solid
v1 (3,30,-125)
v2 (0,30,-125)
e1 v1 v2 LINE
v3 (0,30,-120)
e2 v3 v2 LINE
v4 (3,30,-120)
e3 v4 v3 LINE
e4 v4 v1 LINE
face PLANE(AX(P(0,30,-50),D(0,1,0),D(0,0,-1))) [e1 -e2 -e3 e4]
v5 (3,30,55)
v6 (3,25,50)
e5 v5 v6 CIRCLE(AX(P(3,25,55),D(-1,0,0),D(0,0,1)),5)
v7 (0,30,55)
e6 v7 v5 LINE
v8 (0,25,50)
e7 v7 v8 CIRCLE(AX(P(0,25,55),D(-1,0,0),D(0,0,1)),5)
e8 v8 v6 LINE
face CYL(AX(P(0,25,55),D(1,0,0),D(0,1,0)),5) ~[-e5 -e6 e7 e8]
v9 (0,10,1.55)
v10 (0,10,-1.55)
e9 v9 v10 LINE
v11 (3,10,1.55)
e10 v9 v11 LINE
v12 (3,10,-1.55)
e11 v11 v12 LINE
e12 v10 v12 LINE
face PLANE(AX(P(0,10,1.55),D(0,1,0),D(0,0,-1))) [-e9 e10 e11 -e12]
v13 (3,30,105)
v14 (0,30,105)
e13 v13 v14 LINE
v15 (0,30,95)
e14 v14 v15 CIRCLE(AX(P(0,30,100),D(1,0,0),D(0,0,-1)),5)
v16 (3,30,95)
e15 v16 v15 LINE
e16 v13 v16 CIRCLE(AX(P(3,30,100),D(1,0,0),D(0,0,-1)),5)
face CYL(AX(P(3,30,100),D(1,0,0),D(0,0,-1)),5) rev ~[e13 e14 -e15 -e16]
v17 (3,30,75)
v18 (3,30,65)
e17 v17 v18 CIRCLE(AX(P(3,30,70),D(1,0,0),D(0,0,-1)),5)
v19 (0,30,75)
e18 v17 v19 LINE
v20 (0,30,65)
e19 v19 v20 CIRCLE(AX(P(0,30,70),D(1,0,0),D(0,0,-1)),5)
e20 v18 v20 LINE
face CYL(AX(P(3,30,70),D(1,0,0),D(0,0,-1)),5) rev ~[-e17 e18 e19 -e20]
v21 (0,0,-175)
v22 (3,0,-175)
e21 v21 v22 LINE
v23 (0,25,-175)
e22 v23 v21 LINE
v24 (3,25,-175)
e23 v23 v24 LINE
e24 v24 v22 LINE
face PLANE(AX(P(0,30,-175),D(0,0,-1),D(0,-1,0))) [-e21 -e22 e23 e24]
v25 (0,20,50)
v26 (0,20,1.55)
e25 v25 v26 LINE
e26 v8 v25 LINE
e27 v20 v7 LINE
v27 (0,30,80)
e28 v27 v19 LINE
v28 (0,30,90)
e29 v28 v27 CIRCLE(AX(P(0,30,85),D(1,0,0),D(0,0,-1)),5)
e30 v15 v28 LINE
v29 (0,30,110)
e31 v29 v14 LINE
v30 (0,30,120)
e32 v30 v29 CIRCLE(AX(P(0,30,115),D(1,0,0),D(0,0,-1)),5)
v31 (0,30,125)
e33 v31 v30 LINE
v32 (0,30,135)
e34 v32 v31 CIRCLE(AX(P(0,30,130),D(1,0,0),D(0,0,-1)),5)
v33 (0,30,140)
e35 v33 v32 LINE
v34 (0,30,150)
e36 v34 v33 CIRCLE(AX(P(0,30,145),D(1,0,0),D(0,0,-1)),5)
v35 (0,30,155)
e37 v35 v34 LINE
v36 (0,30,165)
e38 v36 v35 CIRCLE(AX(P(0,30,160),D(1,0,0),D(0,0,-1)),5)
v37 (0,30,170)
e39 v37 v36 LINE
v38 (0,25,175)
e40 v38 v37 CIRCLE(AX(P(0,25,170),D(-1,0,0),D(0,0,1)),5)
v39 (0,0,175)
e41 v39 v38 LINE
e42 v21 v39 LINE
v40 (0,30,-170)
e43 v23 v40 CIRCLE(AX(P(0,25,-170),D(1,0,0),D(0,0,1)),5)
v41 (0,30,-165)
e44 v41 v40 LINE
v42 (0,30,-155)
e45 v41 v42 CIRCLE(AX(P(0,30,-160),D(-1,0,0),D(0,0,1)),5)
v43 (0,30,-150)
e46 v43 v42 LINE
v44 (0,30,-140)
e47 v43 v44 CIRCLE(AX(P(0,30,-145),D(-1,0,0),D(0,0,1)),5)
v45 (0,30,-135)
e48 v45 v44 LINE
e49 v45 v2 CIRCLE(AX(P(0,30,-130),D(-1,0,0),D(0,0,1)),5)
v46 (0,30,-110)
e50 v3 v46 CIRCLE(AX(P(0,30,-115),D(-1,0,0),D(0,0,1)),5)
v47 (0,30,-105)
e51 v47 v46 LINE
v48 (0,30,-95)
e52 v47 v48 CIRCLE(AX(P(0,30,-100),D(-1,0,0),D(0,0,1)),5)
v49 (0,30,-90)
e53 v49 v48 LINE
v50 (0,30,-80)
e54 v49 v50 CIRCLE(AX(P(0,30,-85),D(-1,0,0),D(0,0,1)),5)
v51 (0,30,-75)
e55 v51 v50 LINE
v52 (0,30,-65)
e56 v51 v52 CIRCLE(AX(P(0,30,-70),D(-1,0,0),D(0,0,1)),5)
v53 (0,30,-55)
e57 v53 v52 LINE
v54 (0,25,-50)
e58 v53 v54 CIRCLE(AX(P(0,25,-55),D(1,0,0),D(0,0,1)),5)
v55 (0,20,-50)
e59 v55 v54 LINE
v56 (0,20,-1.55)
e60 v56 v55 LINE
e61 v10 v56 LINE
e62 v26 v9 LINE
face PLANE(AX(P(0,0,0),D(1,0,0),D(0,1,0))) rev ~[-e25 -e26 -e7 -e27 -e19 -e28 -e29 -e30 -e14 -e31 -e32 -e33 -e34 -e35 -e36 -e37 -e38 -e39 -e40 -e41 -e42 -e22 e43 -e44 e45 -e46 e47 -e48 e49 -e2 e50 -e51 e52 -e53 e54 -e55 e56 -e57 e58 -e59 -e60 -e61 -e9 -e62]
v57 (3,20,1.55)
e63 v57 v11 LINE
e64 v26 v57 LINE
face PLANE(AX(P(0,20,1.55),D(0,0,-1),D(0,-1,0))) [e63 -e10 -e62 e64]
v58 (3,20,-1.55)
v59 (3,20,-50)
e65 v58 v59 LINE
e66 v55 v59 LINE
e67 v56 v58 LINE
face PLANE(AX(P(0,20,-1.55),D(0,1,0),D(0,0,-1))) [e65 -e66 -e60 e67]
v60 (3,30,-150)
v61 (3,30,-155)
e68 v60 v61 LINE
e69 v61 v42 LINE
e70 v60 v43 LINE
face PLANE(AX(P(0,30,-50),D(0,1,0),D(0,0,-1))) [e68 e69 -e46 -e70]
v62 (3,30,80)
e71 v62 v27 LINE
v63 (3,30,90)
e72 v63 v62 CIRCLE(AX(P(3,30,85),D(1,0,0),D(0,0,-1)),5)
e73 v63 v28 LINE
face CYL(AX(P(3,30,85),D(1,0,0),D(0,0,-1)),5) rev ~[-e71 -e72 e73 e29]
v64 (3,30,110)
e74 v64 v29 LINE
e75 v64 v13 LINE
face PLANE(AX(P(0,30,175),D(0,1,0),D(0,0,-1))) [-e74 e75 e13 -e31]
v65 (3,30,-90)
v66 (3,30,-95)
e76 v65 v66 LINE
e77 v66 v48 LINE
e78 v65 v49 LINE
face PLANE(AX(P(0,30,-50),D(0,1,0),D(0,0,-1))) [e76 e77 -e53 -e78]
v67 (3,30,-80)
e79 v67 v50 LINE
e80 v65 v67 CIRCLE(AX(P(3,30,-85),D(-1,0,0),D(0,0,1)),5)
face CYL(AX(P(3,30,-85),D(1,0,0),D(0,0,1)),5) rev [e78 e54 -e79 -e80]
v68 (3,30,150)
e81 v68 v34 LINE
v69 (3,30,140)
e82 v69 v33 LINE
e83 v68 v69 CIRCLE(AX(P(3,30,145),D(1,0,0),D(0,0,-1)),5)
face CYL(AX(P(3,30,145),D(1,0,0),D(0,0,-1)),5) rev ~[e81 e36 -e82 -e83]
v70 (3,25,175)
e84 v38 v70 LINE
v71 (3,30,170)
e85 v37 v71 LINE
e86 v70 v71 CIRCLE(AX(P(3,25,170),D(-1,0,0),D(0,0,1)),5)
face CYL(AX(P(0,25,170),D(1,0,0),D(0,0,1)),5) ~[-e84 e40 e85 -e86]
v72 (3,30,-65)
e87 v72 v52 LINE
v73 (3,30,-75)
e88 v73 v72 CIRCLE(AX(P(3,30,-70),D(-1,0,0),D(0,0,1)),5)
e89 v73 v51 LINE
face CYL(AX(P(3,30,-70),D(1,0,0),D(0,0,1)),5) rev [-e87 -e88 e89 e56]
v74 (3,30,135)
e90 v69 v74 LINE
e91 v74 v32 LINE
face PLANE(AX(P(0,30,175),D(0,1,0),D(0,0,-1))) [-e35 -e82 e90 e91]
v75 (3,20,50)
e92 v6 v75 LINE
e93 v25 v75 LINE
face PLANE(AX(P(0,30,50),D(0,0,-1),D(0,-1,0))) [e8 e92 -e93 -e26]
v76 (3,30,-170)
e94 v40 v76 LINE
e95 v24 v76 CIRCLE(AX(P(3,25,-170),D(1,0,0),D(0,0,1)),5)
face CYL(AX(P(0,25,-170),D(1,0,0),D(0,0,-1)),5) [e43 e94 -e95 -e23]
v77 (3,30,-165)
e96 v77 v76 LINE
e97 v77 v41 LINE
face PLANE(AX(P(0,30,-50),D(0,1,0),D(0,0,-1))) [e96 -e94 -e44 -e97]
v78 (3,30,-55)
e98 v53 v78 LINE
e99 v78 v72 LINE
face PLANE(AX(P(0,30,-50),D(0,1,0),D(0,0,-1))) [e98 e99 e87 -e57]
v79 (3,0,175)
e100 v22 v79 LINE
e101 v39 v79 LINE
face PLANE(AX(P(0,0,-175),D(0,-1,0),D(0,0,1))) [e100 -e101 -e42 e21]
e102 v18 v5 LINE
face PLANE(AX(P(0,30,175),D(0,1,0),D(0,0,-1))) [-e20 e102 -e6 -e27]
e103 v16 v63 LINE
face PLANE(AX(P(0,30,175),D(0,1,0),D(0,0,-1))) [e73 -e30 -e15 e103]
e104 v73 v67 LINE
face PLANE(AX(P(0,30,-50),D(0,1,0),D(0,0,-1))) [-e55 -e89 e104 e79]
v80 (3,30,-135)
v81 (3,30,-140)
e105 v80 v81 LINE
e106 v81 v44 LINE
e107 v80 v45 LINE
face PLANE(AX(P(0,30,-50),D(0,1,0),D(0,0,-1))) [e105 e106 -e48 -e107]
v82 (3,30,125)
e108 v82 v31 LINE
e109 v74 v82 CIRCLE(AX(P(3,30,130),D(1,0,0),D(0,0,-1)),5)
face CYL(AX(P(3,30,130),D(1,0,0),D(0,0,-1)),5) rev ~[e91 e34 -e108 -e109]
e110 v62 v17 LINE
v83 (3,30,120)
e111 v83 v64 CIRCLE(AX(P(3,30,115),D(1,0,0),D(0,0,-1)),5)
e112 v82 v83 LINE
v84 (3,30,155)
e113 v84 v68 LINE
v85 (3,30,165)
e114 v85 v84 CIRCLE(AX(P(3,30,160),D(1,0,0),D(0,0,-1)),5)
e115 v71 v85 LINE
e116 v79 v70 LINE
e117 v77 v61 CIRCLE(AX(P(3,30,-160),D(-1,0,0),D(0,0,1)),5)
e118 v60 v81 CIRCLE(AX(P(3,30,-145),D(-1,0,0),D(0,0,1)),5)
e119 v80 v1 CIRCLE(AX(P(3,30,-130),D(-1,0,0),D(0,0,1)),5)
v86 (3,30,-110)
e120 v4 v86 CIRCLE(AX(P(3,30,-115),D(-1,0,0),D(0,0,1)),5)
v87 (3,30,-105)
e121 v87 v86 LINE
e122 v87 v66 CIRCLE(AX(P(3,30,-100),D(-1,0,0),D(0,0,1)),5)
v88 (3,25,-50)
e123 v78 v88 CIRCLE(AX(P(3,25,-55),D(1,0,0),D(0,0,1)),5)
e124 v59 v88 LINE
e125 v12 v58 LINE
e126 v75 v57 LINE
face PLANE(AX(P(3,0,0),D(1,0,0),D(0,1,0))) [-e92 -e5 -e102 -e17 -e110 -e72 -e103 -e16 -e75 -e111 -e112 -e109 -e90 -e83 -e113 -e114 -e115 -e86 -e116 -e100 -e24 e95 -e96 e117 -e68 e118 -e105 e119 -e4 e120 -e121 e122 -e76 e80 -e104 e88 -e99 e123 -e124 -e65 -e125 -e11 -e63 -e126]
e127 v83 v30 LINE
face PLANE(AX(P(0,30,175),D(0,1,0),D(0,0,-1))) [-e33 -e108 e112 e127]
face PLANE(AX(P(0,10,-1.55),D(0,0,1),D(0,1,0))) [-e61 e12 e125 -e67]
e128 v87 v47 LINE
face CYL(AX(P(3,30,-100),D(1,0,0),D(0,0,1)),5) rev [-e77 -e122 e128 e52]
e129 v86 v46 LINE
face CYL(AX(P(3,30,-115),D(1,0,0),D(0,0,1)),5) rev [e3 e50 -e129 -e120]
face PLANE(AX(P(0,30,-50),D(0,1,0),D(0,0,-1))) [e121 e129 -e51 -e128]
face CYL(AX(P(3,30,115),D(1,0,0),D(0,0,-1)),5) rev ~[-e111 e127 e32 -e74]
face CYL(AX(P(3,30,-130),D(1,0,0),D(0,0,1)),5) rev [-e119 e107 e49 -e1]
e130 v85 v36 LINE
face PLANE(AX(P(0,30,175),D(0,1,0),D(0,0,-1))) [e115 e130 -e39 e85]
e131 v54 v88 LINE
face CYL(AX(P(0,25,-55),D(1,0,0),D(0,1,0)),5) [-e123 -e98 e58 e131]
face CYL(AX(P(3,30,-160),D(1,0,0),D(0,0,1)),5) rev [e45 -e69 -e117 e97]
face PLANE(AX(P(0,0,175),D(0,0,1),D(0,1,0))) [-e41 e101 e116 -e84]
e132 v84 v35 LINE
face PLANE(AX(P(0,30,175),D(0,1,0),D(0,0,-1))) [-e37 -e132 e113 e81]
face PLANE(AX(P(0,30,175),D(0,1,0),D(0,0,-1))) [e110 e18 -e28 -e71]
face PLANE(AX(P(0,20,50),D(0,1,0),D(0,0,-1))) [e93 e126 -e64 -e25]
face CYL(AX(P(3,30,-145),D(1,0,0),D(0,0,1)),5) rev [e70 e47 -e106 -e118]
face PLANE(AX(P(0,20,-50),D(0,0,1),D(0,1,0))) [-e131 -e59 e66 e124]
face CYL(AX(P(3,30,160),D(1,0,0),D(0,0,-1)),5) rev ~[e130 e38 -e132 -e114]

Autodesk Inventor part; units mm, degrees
ref_plane "YZ Plane" through (0, 0, 0) normal (1, 0, 0) x (0, 1, 0)
ref_plane "XZ Plane" through (0, 0, 0) normal (0, 1, 0) x (-1, 0, 0)
ref_plane "XY Plane" through (0, 0, 0) normal (0, 0, 1) x (1, 0, 0)
sketch "Sketch1" plane through (0, 0, 0) normal (1, 0, 0) x (0, 1, 0)
  line L0 (0, 175) -> (30, 175)
  line L1 (30, 175) -> (30, -175)
  line L2 (30, -175) -> (0, -175)
  line L3 (0, -175) -> (0, 175)
  line L4 (40, 50) -> (20, 50)
  line L5 (20, 50) -> (20, -50)
  line L6 (20, -50) -> (40, -50)
  line L7 (40, -3.1) -> (40, 50)
  line L8 (40, 50) -> (20, -50) construction
  line L9 (20, 50) -> (40, -50) construction
  line L10 (30, 1.55) -> (10, 1.55)
  line L11 (10, 1.55) -> (10, -1.55)
  line L12 (30, -1.55) -> (30, 1.55)
  line L13 (30, 1.55) -> (10, -1.55) construction
  line L14 (10, 1.55) -> (30, -1.55) construction
  line L15 (10, -1.55) -> (20, -1.55)
  line L16 (29.69, -1.55) -> (30, -1.55)
  point P0 (0, 0)
  point P1 (0, 0)
  point P2 (30, 0)
  point P3 (20, 0)
  point P4 (30, -50)
  point P5 (20, 1.55)
  point P6 (30, 50)
  dimension "d0" = 30
  dimension "d1" = 350
  dimension "d2" = 0
  dimension "d3" = 100
  dimension "d4" = 20
  dimension "d5" = 20
  dimension "d6" = 3.1
extrude "Extrusion1" add sketch "Sketch1" along normal blind 3 contours L0 L1 L4 L5 L10 L11 L15 L6 L2 L3
sketch "Sketch2" plane through (3, 0, 0) normal (1, 0, 0) x (0, 0, -1)
  line L0 (-50, 30) -> (-175, 30) projected
  circle A0 centre (-160, 30) radius 5
  circle A1 centre (-145, 30) radius 5
  circle A2 centre (-130, 30) radius 5
  circle A3 centre (-115, 30) radius 5
  circle A4 centre (-100, 30) radius 5
  circle A5 centre (-85, 30) radius 5
  circle A6 centre (-70, 30) radius 5
  line L1 (-175, 30) -> (-175, 0) projected
  line L2 (-50, 30) -> (-175, 30) projected
  point P0 (0, 0)
  point P1 (-75, 30)
  point P2 (-65, 30)
  point P3 (-90, 30)
  point P4 (-80, 30)
  point P5 (-105, 30)
  point P6 (-95, 30)
  point P7 (-120, 30)
  point P8 (-110, 30)
  point P9 (-135, 30)
  point P10 (-125, 30)
  point P11 (-150, 30)
  point P12 (-140, 30)
  point P13 (-165, 30)
  point P14 (-155, 30)
  dimension "d9" = 10
  dimension "d10" = 10
  dimension "d11" = 10
  dimension "d12" = 10
  dimension "d13" = 10
  dimension "d14" = 10
  dimension "d15" = 10
  dimension "d16" = 15
  dimension "d17" = 15
  dimension "d18" = 15
  dimension "d19" = 15
  dimension "d20" = 15
  dimension "d21" = 15
  dimension "d22" = 15
extrude "Extrusion2" cut sketch "Sketch2" against normal blind 3 contours A6 L0 | A0 L0 | A1 L0 | A2 L0 | A3 L0 | A4 L0 | A5 L0 picked at (-68.8623, 27.8538) picked at (-161.4384, 28.1203) picked at (-146.4384, 28.1203) picked at (-131.2475, 28.8948) picked at (-113.8623, 27.8538) picked at (-98.8623, 27.8538) picked at (-83.8623, 27.8538)
fillet "Fillet1" radius 5 2 edges at (1.5, 30, 175) (1.5, 30, 50)
mirror "Mirror1" about plane through (0, 0, 0) normal (0, 0, 1) of "Fillet1", "Extrusion2"
equation "\"d10\" = d9"
equation "\"d11\" = d10"
equation "\"d12\" = d9"
equation "\"d13\" = d9"
equation "\"d14\" = d9"
equation "\"d15\" = d9"
equation "\"d20\" = d19"
equation "\"d21\" = d20"
equation "\"d22\" = d21"
properties part number "StoveTop2" material "Steel"
